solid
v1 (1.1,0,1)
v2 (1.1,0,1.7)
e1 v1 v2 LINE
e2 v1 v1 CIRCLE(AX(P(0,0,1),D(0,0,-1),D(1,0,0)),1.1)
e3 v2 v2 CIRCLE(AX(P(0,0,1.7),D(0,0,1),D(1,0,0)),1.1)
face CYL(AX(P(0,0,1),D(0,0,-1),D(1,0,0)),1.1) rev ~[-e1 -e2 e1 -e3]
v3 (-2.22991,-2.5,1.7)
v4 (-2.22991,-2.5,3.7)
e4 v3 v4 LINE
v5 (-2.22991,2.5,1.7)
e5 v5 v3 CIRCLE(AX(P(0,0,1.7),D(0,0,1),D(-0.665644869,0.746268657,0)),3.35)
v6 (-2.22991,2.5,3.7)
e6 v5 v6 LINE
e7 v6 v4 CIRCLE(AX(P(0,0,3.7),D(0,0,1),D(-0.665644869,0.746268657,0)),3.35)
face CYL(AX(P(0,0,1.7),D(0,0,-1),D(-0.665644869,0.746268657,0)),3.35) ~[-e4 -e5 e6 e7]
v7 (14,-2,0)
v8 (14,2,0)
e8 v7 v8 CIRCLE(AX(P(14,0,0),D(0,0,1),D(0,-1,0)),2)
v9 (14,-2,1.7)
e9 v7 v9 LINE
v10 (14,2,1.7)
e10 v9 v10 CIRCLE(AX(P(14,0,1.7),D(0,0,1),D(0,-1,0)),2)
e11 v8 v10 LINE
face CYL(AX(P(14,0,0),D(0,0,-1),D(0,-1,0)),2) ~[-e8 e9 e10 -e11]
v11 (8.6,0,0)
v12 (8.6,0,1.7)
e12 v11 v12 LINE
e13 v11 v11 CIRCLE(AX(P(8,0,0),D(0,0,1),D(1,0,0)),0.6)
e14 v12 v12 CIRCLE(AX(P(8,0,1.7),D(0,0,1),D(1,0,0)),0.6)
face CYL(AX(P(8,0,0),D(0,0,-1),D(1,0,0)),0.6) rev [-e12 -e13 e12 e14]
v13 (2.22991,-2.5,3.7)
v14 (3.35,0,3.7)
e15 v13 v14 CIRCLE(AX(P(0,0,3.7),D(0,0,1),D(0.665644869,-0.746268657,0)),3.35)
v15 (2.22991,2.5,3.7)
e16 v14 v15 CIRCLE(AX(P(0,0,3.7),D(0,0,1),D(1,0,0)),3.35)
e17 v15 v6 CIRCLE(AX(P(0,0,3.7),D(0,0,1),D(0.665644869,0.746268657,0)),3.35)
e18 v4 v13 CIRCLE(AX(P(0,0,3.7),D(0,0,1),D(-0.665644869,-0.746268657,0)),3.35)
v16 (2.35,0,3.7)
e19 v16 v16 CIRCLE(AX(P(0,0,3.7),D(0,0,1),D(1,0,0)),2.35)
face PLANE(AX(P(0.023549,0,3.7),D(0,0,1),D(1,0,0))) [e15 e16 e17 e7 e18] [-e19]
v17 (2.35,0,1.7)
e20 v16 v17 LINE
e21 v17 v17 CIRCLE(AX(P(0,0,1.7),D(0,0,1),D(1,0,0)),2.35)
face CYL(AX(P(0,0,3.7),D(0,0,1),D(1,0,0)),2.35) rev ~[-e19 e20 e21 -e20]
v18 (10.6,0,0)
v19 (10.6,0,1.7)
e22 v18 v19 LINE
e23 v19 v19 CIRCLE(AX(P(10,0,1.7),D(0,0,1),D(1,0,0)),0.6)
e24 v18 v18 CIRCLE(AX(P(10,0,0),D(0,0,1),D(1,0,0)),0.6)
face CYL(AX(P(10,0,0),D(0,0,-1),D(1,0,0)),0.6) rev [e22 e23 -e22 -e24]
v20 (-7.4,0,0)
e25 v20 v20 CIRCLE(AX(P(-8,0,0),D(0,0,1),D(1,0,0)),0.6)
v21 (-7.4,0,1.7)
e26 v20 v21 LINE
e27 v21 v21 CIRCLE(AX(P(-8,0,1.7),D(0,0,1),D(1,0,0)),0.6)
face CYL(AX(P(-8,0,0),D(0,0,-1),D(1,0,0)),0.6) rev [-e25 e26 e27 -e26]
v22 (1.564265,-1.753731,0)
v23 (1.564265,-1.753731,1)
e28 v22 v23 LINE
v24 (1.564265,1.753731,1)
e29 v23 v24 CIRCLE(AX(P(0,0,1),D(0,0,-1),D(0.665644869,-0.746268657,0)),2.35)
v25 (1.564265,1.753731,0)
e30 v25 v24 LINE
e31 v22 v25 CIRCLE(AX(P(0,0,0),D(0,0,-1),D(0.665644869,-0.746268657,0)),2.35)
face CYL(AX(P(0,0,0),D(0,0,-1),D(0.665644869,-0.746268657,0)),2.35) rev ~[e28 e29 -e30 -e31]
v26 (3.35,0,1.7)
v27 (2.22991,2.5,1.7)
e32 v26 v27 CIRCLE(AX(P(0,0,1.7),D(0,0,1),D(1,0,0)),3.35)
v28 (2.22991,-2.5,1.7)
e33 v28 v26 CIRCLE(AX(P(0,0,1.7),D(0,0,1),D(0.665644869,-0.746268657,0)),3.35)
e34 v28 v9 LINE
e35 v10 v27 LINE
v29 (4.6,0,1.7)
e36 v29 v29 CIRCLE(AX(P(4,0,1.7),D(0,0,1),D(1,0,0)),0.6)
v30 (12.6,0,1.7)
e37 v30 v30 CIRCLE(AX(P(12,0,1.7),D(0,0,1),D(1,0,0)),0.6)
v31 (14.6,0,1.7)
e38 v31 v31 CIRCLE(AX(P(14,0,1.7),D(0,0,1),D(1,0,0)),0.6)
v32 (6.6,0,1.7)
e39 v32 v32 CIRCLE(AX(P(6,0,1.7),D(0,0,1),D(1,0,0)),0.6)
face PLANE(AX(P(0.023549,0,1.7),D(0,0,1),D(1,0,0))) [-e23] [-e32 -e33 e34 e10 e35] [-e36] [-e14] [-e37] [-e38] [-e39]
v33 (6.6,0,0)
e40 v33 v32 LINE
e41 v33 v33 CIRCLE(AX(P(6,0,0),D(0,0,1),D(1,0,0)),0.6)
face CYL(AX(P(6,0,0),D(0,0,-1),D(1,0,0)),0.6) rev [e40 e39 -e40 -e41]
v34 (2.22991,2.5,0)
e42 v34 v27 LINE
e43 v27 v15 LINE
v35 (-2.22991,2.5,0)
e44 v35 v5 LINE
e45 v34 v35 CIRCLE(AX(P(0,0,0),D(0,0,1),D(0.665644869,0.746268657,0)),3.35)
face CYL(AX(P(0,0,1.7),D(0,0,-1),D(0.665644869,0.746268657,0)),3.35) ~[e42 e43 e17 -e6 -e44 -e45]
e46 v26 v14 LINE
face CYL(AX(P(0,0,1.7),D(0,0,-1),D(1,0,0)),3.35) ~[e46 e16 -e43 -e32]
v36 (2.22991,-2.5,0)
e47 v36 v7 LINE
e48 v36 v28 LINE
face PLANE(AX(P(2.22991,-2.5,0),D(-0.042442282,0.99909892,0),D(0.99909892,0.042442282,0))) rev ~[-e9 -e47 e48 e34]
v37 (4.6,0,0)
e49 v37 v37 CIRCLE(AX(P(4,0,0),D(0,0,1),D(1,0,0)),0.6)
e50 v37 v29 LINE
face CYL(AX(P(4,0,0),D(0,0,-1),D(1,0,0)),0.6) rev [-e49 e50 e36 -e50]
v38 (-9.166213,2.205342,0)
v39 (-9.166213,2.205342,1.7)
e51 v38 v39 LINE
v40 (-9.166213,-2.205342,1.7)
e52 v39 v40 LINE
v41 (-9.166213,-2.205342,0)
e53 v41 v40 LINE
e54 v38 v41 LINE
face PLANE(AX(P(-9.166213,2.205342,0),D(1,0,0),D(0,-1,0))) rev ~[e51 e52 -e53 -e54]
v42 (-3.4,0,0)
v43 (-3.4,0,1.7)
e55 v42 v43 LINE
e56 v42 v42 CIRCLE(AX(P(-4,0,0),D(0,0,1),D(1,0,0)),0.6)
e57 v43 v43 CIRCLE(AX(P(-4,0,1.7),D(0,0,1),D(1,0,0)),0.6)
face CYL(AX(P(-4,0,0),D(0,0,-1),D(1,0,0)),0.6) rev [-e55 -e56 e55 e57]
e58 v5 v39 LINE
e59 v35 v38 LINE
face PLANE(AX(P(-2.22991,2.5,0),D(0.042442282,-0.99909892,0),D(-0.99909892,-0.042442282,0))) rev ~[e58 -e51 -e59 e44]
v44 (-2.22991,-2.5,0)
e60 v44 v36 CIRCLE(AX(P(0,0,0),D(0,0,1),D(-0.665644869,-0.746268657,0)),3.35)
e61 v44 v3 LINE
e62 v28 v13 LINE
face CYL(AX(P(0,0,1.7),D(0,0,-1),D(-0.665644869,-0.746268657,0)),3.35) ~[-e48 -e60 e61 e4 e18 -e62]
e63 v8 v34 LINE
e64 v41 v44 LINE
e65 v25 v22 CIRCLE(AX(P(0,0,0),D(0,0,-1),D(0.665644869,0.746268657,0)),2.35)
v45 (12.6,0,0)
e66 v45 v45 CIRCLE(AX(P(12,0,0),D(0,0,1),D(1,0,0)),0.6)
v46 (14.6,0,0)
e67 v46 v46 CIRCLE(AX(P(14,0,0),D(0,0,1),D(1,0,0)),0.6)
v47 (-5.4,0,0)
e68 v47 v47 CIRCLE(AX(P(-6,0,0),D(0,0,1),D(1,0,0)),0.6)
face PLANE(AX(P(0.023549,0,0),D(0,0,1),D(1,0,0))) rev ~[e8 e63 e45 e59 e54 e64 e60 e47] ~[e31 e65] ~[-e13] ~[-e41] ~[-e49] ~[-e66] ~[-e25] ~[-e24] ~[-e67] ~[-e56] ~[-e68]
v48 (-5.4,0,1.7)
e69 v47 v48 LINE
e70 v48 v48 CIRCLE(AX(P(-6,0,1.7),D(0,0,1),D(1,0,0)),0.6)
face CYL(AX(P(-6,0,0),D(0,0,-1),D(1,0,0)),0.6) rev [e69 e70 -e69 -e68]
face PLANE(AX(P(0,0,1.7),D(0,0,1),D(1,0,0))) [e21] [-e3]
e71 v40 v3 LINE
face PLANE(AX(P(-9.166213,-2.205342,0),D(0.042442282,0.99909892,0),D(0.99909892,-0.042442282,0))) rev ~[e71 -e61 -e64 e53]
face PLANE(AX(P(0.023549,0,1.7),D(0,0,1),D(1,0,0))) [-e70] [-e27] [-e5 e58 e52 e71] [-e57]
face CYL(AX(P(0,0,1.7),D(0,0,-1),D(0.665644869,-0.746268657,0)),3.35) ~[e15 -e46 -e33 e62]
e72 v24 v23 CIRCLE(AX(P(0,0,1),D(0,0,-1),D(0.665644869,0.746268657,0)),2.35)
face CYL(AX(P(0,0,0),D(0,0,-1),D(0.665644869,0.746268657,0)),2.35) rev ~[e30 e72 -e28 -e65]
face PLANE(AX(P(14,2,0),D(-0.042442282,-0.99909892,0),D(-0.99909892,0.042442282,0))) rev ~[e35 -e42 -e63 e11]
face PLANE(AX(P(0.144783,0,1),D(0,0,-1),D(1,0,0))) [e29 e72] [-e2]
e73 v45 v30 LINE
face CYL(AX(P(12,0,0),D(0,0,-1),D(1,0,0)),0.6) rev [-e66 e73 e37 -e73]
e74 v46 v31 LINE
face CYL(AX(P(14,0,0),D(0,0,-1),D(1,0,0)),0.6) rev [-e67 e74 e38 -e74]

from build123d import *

# Parameters (mm, degrees)
F0_R     = 0.6
F1_DEPTH = 1.7
F3_DEPTH = 2
F5_DEPTH = 1
F6_R     = 1.1
F7_DEPTH = 2.701
F8_R     = 2.35
F8_R_2   = 1.1
F9_DEPTH = 2


with BuildPart() as f1:
    # F0 (on Top) → F1 (new body)
    with BuildSketch(Plane.XY):
        with BuildLine():
            ThreePointArc((2.2299103121, -2.5), (3.057180036, -1.369726333), (3.35, 0))
            ThreePointArc((3.35, 0), (3.057180036, 1.369726333), (2.2299103121, 2.5))
            ThreePointArc((2.2299103121, 2.5), (0, 3.35), (-2.2299103121, 2.5))
            ThreePointArc((-2.2299103121, 2.5), (-3.35, 0), (-2.2299103121, -2.5))
            ThreePointArc((-2.2299103121, -2.5), (0, -3.35), (2.2299103121, -2.5))
        make_face()
        with BuildLine():
            ThreePointArc((2.2299103121, 2.5), (3.057180036, 1.369726333), (3.35, 0))
            ThreePointArc((3.35, 0), (3.057180036, -1.369726333), (2.2299103121, -2.5))
            Line((2.2299103121, -2.5), (14, -2))
            ThreePointArc((14, -2), (16, 0), (14, 2))
            Line((14, 2), (2.2299103121, 2.5))
        make_face()
        with Locations((4, 0)):
            Circle(F0_R, mode=Mode.SUBTRACT)
        with Locations((6, 0)):
            Circle(F0_R, mode=Mode.SUBTRACT)
        with Locations((8, 0)):
            Circle(F0_R, mode=Mode.SUBTRACT)
        with Locations((10, 0)):
            Circle(F0_R, mode=Mode.SUBTRACT)
        with Locations((12, 0)):
            Circle(F0_R, mode=Mode.SUBTRACT)
        with Locations((14, 0)):
            Circle(F0_R, mode=Mode.SUBTRACT)
        with BuildLine():
            ThreePointArc((-2.2299103121, -2.5), (-3.35, 0), (-2.2299103121, 2.5))
            Line((-2.2299103121, 2.5), (-9.1662129992, 2.2053419782))
            Line((-9.1662129992, 2.2053419782), (-9.1662129992, -2.2053419782))
            Line((-9.1662129992, -2.2053419782), (-2.2299103121, -2.5))
        make_face()
        with Locations((-8, 0)):
            Circle(F0_R, mode=Mode.SUBTRACT)
        with Locations((-6, 0)):
            Circle(F0_R, mode=Mode.SUBTRACT)
        with Locations((-4, 0)):
            Circle(F0_R, mode=Mode.SUBTRACT)
    extrude(amount=F1_DEPTH)

    # F2 (on face) → F3 (join)
    with BuildSketch(Plane.XY.offset(1.7)):
        with BuildLine():
            ThreePointArc((2.2299103121, -2.5), (3.057180036, -1.369726333), (3.35, 0))
            ThreePointArc((3.35, 0), (3.057180036, 1.369726333), (2.2299103121, 2.5))
            ThreePointArc((2.2299103121, 2.5), (0, 3.35), (-2.2299103121, 2.5))
            ThreePointArc((-2.2299103121, 2.5), (-3.35, 0), (-2.2299103121, -2.5))
            ThreePointArc((-2.2299103121, -2.5), (0, -3.35), (2.2299103121, -2.5))
        make_face()
    extrude(amount=F3_DEPTH)

    # F4 (on face) → F5 (cut)
    with BuildSketch(Plane(origin=(0, 0, 0), x_dir=(1, 0, 0), z_dir=(0, 0, -1))):
        with BuildLine():
            ThreePointArc((1.5642654428, 1.7537313433), (-2.35, 0), (1.5642654428, -1.7537313433))
            ThreePointArc((1.5642654428, -1.7537313433), (2.35, 0), (1.5642654428, 1.7537313433))
        make_face()
    extrude(amount=-F5_DEPTH, mode=Mode.SUBTRACT)

    # F6 (on face) → F7 (cut, through all)
    with BuildSketch(Plane(origin=(0, 0, 1), x_dir=(1, 0, 0), z_dir=(0, 0, -1))):
        Circle(F6_R)
    extrude(amount=-F7_DEPTH, mode=Mode.SUBTRACT)

    # F8 (on face) → F9 (cut, through all)
    with BuildSketch(Plane.XY.offset(3.7)):
        Circle(F8_R)
        Circle(F8_R_2, mode=Mode.SUBTRACT)
    extrude(amount=-F9_DEPTH, mode=Mode.SUBTRACT)


solid = f1.part
